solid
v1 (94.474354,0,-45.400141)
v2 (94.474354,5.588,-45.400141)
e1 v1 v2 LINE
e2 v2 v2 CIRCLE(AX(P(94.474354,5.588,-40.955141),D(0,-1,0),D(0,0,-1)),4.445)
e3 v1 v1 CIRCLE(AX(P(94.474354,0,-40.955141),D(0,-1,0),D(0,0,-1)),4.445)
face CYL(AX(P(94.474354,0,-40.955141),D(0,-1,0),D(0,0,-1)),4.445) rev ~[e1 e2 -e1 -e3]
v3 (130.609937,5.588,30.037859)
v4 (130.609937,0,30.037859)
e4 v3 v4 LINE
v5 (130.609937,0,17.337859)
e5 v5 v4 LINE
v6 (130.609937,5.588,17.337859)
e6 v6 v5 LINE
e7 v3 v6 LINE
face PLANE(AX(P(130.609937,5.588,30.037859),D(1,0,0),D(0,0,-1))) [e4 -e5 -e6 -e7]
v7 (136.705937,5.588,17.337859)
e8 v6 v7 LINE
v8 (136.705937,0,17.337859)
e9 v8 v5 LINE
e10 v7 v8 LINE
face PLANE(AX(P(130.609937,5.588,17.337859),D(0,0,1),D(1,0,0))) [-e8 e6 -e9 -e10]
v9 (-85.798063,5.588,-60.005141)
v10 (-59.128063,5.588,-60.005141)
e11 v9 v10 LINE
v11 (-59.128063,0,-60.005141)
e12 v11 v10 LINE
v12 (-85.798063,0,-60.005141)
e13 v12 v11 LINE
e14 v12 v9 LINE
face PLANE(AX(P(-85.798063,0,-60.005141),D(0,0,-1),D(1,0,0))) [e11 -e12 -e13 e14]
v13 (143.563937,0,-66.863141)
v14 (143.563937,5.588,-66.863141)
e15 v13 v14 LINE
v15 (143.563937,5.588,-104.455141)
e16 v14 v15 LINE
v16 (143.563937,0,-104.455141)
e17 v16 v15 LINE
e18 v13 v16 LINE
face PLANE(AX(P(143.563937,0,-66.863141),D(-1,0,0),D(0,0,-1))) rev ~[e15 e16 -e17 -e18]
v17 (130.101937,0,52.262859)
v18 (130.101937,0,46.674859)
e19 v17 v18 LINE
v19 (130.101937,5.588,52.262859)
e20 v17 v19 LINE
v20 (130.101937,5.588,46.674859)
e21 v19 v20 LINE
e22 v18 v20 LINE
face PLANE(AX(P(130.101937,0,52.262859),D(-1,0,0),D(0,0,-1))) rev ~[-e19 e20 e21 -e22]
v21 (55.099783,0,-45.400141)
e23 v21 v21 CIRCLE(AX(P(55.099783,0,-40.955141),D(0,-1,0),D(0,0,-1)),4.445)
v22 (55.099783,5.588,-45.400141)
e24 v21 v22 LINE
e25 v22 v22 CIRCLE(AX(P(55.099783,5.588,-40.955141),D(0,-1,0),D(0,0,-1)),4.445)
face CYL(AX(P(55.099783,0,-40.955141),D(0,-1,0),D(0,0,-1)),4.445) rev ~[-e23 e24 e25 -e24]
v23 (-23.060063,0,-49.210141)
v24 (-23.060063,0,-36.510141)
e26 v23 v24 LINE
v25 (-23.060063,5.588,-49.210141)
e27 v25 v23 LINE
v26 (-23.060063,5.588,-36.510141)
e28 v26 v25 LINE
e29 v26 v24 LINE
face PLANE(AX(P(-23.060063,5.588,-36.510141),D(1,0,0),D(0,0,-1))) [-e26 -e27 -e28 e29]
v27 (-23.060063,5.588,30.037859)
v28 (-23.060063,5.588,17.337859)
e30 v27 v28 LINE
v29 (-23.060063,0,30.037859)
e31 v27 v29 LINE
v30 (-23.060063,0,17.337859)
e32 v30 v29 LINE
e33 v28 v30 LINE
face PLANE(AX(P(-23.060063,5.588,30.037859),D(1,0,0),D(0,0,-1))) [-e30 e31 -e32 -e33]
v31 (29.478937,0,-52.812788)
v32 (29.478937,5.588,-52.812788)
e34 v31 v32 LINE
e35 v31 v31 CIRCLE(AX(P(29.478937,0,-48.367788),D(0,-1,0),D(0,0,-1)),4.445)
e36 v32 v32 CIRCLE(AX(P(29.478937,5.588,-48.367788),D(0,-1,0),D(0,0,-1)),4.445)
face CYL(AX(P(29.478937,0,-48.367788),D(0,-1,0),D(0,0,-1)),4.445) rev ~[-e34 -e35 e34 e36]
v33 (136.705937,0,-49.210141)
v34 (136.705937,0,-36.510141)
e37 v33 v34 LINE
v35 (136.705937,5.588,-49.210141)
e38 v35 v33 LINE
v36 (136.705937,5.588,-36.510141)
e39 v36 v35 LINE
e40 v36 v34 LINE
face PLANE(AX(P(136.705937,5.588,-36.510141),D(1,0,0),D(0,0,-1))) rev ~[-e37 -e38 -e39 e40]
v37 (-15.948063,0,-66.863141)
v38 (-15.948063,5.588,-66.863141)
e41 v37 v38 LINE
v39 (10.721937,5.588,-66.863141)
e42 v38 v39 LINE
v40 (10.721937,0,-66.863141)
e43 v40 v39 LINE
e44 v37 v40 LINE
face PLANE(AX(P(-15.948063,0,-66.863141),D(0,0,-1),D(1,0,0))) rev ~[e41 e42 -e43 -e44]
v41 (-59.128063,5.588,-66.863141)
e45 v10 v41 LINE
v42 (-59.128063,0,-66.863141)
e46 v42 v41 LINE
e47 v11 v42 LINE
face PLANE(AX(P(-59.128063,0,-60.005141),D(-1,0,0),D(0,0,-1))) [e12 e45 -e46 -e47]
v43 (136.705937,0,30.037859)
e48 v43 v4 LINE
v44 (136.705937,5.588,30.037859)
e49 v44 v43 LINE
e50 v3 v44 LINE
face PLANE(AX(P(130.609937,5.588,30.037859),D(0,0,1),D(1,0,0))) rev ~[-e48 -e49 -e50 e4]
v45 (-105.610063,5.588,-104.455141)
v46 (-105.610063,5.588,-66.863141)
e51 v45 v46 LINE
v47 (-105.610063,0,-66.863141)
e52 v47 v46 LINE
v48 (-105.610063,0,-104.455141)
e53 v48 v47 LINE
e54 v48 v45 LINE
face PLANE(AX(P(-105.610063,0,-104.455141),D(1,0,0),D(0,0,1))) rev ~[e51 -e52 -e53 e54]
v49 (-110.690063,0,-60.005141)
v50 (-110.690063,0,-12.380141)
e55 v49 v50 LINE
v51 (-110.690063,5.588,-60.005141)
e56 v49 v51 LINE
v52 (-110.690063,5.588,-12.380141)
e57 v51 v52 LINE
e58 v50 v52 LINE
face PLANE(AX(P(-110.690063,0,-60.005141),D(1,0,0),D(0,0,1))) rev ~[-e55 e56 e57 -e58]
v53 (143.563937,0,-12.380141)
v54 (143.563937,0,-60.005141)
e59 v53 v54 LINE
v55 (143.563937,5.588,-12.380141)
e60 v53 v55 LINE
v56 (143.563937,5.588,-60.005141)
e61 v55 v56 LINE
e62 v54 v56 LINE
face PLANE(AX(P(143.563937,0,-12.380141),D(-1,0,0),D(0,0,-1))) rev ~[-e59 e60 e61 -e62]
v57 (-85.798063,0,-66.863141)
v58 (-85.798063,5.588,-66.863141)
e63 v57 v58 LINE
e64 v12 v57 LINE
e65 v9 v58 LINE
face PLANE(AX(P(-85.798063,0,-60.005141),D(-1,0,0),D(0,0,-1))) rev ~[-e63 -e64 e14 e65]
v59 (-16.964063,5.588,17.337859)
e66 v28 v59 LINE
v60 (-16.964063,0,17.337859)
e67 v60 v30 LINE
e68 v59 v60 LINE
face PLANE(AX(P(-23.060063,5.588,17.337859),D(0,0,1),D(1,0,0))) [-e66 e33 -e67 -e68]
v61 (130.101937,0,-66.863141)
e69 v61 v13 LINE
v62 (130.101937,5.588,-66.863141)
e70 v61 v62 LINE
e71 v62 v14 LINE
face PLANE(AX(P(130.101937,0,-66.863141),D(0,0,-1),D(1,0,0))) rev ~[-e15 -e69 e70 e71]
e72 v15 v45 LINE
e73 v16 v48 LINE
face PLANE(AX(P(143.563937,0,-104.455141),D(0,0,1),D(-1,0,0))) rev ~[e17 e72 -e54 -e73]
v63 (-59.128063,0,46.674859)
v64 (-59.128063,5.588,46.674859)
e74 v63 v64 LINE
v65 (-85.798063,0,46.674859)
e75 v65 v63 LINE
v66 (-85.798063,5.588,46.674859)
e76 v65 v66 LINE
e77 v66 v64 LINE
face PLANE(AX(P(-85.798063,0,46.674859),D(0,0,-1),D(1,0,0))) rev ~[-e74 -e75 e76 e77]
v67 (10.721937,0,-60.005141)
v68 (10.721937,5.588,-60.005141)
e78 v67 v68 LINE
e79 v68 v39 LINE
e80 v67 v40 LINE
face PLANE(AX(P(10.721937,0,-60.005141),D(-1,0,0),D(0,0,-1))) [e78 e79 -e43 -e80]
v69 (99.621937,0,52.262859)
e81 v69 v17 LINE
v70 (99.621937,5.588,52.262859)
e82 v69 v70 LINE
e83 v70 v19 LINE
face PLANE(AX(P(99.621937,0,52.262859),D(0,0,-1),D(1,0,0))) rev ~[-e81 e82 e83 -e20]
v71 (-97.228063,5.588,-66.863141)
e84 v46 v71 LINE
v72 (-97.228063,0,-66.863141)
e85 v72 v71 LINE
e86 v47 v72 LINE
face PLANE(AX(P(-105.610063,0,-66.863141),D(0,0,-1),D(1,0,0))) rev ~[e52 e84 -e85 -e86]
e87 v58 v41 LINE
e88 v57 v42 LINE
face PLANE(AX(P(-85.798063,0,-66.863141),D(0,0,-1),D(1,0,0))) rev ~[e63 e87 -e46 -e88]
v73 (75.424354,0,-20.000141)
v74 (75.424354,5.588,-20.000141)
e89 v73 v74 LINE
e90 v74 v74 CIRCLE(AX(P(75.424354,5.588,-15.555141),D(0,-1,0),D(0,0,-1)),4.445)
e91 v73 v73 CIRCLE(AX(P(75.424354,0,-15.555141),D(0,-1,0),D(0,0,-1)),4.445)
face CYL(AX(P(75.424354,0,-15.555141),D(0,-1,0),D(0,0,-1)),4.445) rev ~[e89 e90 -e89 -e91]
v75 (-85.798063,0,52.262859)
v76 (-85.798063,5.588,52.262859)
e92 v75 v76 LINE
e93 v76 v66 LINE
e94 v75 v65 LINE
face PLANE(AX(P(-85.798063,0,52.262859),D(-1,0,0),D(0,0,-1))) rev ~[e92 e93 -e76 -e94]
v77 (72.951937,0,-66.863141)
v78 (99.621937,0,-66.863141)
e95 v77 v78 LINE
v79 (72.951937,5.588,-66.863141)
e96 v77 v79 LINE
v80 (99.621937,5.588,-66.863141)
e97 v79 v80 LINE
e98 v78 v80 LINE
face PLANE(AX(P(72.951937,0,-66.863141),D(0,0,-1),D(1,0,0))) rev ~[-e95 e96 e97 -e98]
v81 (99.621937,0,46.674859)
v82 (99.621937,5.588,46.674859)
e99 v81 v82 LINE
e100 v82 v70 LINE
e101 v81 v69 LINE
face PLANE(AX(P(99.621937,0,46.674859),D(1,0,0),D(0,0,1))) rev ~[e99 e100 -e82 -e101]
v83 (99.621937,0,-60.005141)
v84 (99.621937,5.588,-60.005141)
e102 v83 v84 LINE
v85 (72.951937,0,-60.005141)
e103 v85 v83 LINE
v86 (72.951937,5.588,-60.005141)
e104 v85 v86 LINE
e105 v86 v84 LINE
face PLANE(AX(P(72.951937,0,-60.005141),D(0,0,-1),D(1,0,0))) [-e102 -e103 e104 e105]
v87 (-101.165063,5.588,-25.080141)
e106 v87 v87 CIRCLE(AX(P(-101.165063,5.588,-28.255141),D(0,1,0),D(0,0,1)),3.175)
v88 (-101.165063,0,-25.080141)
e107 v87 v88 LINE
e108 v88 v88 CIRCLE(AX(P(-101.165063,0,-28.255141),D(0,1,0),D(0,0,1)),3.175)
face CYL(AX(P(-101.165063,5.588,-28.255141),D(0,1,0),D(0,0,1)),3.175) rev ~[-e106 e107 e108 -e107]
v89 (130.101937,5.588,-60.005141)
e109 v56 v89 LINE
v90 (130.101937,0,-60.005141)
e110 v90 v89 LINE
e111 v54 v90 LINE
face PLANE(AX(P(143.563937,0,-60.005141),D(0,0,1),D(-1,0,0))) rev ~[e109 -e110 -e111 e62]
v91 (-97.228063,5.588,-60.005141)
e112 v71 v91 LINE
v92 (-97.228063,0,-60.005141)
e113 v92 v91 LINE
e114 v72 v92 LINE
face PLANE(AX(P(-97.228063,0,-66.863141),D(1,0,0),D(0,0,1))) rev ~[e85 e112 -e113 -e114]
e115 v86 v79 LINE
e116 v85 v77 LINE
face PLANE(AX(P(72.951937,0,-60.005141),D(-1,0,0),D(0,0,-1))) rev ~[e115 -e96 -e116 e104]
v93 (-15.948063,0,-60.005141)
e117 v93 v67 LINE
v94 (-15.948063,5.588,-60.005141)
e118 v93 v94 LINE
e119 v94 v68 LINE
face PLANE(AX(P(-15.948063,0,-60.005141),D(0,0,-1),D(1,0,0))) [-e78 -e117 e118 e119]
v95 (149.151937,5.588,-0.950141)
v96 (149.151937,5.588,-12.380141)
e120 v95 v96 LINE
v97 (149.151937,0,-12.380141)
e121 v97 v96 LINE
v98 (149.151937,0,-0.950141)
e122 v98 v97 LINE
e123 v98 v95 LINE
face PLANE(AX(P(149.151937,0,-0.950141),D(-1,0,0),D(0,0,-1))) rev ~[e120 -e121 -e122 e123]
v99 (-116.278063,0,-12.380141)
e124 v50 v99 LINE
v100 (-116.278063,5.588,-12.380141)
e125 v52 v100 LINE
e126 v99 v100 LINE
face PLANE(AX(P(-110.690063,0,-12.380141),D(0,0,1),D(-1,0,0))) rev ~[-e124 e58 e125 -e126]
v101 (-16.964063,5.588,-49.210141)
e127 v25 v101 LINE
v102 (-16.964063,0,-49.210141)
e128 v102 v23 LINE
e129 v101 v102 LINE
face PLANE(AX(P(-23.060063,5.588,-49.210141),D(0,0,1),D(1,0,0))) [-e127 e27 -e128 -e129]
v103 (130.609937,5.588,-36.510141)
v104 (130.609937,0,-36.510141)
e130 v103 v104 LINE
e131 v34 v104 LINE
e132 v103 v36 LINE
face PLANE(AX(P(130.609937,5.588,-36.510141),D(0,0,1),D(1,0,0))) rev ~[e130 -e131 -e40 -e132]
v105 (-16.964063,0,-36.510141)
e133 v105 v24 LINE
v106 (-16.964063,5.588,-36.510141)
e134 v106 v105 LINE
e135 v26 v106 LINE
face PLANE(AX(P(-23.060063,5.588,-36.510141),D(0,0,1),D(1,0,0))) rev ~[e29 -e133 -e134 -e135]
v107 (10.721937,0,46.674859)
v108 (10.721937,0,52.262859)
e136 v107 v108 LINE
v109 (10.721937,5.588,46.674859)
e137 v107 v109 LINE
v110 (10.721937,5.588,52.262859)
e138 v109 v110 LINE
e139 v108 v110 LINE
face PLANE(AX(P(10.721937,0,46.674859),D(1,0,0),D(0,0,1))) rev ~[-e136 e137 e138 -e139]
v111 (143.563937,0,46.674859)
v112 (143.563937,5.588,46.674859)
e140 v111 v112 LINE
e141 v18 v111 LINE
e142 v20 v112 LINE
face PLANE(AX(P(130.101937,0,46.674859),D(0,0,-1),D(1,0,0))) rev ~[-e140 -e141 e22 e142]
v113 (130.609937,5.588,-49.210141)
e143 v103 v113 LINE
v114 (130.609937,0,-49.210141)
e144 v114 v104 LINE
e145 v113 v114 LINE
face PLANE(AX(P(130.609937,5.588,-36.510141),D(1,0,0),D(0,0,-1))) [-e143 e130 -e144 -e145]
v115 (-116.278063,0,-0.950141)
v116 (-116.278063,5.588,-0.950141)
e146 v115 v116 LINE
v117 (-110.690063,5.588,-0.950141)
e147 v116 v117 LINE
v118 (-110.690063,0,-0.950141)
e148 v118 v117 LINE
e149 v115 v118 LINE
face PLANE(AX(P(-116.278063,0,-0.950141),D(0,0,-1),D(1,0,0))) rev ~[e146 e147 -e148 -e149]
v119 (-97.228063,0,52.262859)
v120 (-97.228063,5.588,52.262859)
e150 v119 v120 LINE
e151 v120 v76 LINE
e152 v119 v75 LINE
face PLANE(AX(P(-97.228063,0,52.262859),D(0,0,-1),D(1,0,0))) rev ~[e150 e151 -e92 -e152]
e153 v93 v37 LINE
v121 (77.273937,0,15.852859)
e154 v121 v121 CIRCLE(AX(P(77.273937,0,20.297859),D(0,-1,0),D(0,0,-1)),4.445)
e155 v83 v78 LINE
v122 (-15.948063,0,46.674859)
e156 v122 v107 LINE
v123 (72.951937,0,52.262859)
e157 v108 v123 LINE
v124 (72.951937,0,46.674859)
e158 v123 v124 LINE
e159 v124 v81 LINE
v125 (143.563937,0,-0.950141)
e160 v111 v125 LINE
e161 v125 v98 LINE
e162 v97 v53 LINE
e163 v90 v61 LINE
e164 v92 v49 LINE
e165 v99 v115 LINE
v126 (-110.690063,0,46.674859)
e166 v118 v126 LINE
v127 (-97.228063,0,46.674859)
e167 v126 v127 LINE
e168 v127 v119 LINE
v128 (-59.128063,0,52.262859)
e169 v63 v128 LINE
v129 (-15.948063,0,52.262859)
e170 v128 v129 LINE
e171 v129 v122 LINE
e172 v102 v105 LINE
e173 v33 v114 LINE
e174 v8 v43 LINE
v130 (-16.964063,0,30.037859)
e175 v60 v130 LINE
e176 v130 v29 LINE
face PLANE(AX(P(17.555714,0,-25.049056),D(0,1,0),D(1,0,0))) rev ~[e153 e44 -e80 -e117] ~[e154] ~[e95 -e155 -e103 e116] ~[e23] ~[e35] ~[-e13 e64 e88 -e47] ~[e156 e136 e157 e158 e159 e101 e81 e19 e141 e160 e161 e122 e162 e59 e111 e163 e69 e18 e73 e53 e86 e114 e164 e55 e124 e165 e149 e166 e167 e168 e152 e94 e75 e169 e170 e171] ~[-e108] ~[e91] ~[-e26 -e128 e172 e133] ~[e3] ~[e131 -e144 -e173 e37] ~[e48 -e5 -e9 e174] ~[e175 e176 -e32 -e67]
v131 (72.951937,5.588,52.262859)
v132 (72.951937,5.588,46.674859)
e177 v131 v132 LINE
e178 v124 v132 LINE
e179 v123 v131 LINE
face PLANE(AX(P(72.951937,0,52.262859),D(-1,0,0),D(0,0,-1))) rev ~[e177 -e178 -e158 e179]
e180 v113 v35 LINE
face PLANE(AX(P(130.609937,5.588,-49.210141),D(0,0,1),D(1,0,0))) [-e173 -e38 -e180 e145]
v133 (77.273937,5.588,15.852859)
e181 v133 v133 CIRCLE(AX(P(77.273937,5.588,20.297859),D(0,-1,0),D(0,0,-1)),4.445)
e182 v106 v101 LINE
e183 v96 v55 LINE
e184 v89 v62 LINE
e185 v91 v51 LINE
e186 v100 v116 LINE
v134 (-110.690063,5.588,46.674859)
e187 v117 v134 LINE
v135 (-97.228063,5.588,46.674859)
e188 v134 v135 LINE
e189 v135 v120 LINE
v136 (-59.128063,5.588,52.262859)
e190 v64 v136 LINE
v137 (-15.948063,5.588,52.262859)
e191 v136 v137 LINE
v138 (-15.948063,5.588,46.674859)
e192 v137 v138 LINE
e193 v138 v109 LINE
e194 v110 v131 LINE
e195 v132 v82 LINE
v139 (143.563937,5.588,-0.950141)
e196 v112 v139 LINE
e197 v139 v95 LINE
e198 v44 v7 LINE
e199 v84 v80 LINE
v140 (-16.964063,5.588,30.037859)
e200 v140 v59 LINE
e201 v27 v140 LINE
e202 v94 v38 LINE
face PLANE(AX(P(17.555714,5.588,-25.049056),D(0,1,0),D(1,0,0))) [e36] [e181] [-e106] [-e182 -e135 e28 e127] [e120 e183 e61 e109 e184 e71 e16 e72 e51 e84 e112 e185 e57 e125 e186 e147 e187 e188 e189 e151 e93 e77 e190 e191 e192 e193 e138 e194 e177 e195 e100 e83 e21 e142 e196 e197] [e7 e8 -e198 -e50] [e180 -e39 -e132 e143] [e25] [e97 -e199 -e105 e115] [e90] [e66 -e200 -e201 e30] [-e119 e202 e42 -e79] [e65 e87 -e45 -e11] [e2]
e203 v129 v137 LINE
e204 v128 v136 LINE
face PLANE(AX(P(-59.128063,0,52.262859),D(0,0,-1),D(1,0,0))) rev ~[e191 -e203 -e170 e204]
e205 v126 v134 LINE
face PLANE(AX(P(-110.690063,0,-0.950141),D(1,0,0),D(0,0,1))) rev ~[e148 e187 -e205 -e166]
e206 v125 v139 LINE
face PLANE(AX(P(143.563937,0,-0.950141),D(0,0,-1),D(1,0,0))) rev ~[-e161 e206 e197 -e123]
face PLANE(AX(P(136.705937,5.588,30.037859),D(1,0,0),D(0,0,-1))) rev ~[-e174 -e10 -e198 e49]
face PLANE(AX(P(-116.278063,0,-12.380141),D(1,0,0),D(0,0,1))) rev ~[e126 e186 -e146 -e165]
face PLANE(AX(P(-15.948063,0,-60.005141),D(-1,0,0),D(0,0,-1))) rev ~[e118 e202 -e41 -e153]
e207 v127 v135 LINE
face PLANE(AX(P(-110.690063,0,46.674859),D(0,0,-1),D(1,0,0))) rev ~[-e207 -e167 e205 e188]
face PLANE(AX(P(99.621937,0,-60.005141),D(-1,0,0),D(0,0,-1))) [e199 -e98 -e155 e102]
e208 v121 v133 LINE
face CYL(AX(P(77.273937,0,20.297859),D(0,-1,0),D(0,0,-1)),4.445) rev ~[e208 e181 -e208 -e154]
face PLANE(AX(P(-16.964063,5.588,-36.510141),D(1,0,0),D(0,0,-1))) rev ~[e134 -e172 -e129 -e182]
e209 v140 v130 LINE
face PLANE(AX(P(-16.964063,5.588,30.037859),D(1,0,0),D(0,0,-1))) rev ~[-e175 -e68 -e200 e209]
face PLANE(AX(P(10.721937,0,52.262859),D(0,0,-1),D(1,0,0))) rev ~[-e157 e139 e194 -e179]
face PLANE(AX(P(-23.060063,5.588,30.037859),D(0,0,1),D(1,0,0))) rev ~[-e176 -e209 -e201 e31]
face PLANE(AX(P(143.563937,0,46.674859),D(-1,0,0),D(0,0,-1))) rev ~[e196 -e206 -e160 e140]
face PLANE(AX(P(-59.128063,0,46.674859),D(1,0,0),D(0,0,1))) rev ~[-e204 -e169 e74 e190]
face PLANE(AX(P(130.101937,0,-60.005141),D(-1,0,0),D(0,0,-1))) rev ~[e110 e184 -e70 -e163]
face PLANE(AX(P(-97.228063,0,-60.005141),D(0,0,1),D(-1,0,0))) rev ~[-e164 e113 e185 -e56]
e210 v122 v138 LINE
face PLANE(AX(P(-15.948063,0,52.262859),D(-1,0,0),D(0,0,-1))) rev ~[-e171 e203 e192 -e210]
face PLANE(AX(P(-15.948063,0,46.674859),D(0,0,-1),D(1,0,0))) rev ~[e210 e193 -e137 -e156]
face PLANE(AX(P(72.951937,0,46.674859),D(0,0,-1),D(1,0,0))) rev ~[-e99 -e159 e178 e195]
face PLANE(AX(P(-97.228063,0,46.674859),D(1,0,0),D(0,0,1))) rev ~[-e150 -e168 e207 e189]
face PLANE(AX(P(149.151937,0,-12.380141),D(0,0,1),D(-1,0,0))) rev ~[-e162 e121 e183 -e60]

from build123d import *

# Parameters (mm, degrees)
SKETCH1_W           = 26.67
SKETCH1_H           = 6.858
BOSS_EXTRUDE1_DEPTH = 5.588
CUT_EXTRUDE1_REACH  = 184.177
SKETCH9_W           = 6.096
SKETCH9_H           = 12.7
CUT_EXTRUDE2_REACH  = 184.177
SKETCH12_R          = 3.175
CUT_EXTRUDE3_REACH  = 184.177
SKETCH13_R          = 4.445


with BuildPart() as part:
    # Sketch1 → Boss-Extrude1 (new body)
    with BuildSketch(Plane(origin=(0, 0, 0), x_dir=(1, 0, 0), z_dir=(0, 1, 0))):
        Polygon((-110.690062624, 12.380140685), (-116.278062624, 12.380140685), (-116.278062624, 0.950140685), (-110.690062624, 0.950140685), (-110.690062624, -46.674859251), (-97.228062624, -46.674859251), (-97.228062624, -52.262859251), (-85.798062624, -52.262859251), (-85.798062624, -46.674859251), (-59.128062624, -46.674859251), (-59.128062624, -52.262859251), (-15.948062624, -52.262859251), (-15.948062624, -46.674859251), (10.721937376, -46.674859251), (10.721937376, -52.262859251), (72.951937376, -52.262859251), (72.951937376, -46.674859251), (99.621937376, -46.674859251), (99.621937376, -52.262859251), (130.101937376, -52.262859251), (130.101937376, -46.67485938), (143.563937376, -46.67485938), (143.563937376, 0.950140682), (149.151937376, 0.950140682), (149.151937376, 12.38014062), (143.563937376, 12.38014062), (143.563937376, 60.00514062), (130.101937376, 60.00514062), (130.101937376, 66.86314062), (143.563937376, 66.86314062), (143.563937376, 104.45514062), (-105.610062624, 104.45514062), (-105.610062624, 66.86314062), (-97.228062624, 66.86314062), (-97.228062624, 60.00514062), (-110.690062624, 60.00514062), align=None)
        with Locations((-72.463062624, 63.43414062)):
            Rectangle(SKETCH1_W, SKETCH1_H, mode=Mode.SUBTRACT)
        with Locations((-2.613062624, 63.43414062)):
            Rectangle(SKETCH1_W, SKETCH1_H, mode=Mode.SUBTRACT)
        with Locations((86.286937376, 63.43414062)):
            Rectangle(SKETCH1_W, SKETCH1_H, mode=Mode.SUBTRACT)
    extrude(amount=BOSS_EXTRUDE1_DEPTH)

    # Sketch9 → Cut-Extrude1 (cut, up to next)
    with BuildSketch(Plane(origin=(0, 5.588, 0), x_dir=(1, 0, 0), z_dir=(0, 1, 0)), mode=Mode.PRIVATE) as cut_extrude1_sk1:
        with Locations((-20.012062624, -23.687859251)):
            Rectangle(SKETCH9_W, SKETCH9_H)
    cut_extrude1_tool1 = extrude(cut_extrude1_sk1.sketch, amount=-CUT_EXTRUDE1_REACH, mode=Mode.PRIVATE) & part.part
    # Sketch9 → Cut-Extrude1 (cut, up to next)
    with BuildSketch(Plane(origin=(0, 5.588, 0), x_dir=(1, 0, 0), z_dir=(0, 1, 0)), mode=Mode.PRIVATE) as cut_extrude1_sk2:
        with Locations((-20.012062624, 42.860140749)):
            Rectangle(SKETCH9_W, SKETCH9_H)
    cut_extrude1_tool2 = extrude(cut_extrude1_sk2.sketch, amount=-CUT_EXTRUDE1_REACH, mode=Mode.PRIVATE) & part.part
    # Sketch9 → Cut-Extrude1 (cut, up to next)
    with BuildSketch(Plane(origin=(0, 5.588, 0), x_dir=(1, 0, 0), z_dir=(0, 1, 0)), mode=Mode.PRIVATE) as cut_extrude1_sk3:
        with Locations((133.657937376, -23.687859251)):
            Rectangle(SKETCH9_W, SKETCH9_H)
    cut_extrude1_tool3 = extrude(cut_extrude1_sk3.sketch, amount=-CUT_EXTRUDE1_REACH, mode=Mode.PRIVATE) & part.part
    # Sketch9 → Cut-Extrude1 (cut, up to next)
    with BuildSketch(Plane(origin=(0, 5.588, 0), x_dir=(1, 0, 0), z_dir=(0, 1, 0)), mode=Mode.PRIVATE) as cut_extrude1_sk4:
        with Locations((133.657937376, 42.860140749)):
            Rectangle(SKETCH9_W, SKETCH9_H)
    cut_extrude1_tool4 = extrude(cut_extrude1_sk4.sketch, amount=-CUT_EXTRUDE1_REACH, mode=Mode.PRIVATE) & part.part
    add(cut_extrude1_tool1.solids().sort_by_distance((-20.012063, 5.588, 23.687859))[0], mode=Mode.SUBTRACT)
    add(cut_extrude1_tool2.solids().sort_by_distance((-20.012063, 5.588, -42.860141))[0], mode=Mode.SUBTRACT)
    add(cut_extrude1_tool3.solids().sort_by_distance((133.657937, 5.588, 23.687859))[0], mode=Mode.SUBTRACT)
    add(cut_extrude1_tool4.solids().sort_by_distance((133.657937, 5.588, -42.860141))[0], mode=Mode.SUBTRACT)

    # Sketch12 → Cut-Extrude2 (cut, up to next)
    with BuildSketch(Plane(origin=(0, 5.588, 0), x_dir=(1, 0, 0), z_dir=(0, 1, 0)), mode=Mode.PRIVATE) as cut_extrude2_sk1:
        with Locations(Location((-101.165062624, 28.25514062, 0), (0, 0, 270))):
            Circle(SKETCH12_R)
    cut_extrude2_tool1 = extrude(cut_extrude2_sk1.sketch, amount=-CUT_EXTRUDE2_REACH, mode=Mode.PRIVATE) & part.part
    add(cut_extrude2_tool1.solids().sort_by_distance((-101.165063, 5.588, -28.255141))[0], mode=Mode.SUBTRACT)

    # Sketch13 → Cut-Extrude3 (cut, up to next)
    with BuildSketch(Plane.XZ, mode=Mode.PRIVATE) as cut_extrude3_sk1:
        with Locations(Location((77.273937376, 20.297859251, 0), (0, 0, 270))):
            Circle(SKETCH13_R)
    cut_extrude3_tool1 = extrude(cut_extrude3_sk1.sketch, amount=-CUT_EXTRUDE3_REACH, mode=Mode.PRIVATE) & part.part
    # Sketch13 → Cut-Extrude3 (cut, up to next)
    with BuildSketch(Plane.XZ, mode=Mode.PRIVATE) as cut_extrude3_sk2:
        with Locations(Location((55.099783131, -40.95514062, 0), (0, 0, 270))):
            Circle(SKETCH13_R)
    cut_extrude3_tool2 = extrude(cut_extrude3_sk2.sketch, amount=-CUT_EXTRUDE3_REACH, mode=Mode.PRIVATE) & part.part
    # Sketch13 → Cut-Extrude3 (cut, up to next)
    with BuildSketch(Plane.XZ, mode=Mode.PRIVATE) as cut_extrude3_sk3:
        with Locations(Location((94.474354319, -40.95514062, 0), (0, 0, 270))):
            Circle(SKETCH13_R)
    cut_extrude3_tool3 = extrude(cut_extrude3_sk3.sketch, amount=-CUT_EXTRUDE3_REACH, mode=Mode.PRIVATE) & part.part
    # Sketch13 → Cut-Extrude3 (cut, up to next)
    with BuildSketch(Plane.XZ, mode=Mode.PRIVATE) as cut_extrude3_sk4:
        with Locations(Location((75.424354319, -15.55514062, 0), (0, 0, 270))):
            Circle(SKETCH13_R)
    cut_extrude3_tool4 = extrude(cut_extrude3_sk4.sketch, amount=-CUT_EXTRUDE3_REACH, mode=Mode.PRIVATE) & part.part
    # Sketch13 → Cut-Extrude3 (cut, up to next)
    with BuildSketch(Plane.XZ, mode=Mode.PRIVATE) as cut_extrude3_sk5:
        with Locations(Location((29.478937376, -48.367787821, 0), (0, 0, 270))):
            Circle(SKETCH13_R)
    cut_extrude3_tool5 = extrude(cut_extrude3_sk5.sketch, amount=-CUT_EXTRUDE3_REACH, mode=Mode.PRIVATE) & part.part
    add(cut_extrude3_tool1.solids().sort_by_distance((77.273937, 0, 20.297859))[0], mode=Mode.SUBTRACT)
    add(cut_extrude3_tool2.solids().sort_by_distance((55.099783, 0, -40.955141))[0], mode=Mode.SUBTRACT)
    add(cut_extrude3_tool3.solids().sort_by_distance((94.474354, 0, -40.955141))[0], mode=Mode.SUBTRACT)
    add(cut_extrude3_tool4.solids().sort_by_distance((75.424354, 0, -15.555141))[0], mode=Mode.SUBTRACT)
    add(cut_extrude3_tool5.solids().sort_by_distance((29.478937, 0, -48.367788))[0], mode=Mode.SUBTRACT)


solid = part.part
